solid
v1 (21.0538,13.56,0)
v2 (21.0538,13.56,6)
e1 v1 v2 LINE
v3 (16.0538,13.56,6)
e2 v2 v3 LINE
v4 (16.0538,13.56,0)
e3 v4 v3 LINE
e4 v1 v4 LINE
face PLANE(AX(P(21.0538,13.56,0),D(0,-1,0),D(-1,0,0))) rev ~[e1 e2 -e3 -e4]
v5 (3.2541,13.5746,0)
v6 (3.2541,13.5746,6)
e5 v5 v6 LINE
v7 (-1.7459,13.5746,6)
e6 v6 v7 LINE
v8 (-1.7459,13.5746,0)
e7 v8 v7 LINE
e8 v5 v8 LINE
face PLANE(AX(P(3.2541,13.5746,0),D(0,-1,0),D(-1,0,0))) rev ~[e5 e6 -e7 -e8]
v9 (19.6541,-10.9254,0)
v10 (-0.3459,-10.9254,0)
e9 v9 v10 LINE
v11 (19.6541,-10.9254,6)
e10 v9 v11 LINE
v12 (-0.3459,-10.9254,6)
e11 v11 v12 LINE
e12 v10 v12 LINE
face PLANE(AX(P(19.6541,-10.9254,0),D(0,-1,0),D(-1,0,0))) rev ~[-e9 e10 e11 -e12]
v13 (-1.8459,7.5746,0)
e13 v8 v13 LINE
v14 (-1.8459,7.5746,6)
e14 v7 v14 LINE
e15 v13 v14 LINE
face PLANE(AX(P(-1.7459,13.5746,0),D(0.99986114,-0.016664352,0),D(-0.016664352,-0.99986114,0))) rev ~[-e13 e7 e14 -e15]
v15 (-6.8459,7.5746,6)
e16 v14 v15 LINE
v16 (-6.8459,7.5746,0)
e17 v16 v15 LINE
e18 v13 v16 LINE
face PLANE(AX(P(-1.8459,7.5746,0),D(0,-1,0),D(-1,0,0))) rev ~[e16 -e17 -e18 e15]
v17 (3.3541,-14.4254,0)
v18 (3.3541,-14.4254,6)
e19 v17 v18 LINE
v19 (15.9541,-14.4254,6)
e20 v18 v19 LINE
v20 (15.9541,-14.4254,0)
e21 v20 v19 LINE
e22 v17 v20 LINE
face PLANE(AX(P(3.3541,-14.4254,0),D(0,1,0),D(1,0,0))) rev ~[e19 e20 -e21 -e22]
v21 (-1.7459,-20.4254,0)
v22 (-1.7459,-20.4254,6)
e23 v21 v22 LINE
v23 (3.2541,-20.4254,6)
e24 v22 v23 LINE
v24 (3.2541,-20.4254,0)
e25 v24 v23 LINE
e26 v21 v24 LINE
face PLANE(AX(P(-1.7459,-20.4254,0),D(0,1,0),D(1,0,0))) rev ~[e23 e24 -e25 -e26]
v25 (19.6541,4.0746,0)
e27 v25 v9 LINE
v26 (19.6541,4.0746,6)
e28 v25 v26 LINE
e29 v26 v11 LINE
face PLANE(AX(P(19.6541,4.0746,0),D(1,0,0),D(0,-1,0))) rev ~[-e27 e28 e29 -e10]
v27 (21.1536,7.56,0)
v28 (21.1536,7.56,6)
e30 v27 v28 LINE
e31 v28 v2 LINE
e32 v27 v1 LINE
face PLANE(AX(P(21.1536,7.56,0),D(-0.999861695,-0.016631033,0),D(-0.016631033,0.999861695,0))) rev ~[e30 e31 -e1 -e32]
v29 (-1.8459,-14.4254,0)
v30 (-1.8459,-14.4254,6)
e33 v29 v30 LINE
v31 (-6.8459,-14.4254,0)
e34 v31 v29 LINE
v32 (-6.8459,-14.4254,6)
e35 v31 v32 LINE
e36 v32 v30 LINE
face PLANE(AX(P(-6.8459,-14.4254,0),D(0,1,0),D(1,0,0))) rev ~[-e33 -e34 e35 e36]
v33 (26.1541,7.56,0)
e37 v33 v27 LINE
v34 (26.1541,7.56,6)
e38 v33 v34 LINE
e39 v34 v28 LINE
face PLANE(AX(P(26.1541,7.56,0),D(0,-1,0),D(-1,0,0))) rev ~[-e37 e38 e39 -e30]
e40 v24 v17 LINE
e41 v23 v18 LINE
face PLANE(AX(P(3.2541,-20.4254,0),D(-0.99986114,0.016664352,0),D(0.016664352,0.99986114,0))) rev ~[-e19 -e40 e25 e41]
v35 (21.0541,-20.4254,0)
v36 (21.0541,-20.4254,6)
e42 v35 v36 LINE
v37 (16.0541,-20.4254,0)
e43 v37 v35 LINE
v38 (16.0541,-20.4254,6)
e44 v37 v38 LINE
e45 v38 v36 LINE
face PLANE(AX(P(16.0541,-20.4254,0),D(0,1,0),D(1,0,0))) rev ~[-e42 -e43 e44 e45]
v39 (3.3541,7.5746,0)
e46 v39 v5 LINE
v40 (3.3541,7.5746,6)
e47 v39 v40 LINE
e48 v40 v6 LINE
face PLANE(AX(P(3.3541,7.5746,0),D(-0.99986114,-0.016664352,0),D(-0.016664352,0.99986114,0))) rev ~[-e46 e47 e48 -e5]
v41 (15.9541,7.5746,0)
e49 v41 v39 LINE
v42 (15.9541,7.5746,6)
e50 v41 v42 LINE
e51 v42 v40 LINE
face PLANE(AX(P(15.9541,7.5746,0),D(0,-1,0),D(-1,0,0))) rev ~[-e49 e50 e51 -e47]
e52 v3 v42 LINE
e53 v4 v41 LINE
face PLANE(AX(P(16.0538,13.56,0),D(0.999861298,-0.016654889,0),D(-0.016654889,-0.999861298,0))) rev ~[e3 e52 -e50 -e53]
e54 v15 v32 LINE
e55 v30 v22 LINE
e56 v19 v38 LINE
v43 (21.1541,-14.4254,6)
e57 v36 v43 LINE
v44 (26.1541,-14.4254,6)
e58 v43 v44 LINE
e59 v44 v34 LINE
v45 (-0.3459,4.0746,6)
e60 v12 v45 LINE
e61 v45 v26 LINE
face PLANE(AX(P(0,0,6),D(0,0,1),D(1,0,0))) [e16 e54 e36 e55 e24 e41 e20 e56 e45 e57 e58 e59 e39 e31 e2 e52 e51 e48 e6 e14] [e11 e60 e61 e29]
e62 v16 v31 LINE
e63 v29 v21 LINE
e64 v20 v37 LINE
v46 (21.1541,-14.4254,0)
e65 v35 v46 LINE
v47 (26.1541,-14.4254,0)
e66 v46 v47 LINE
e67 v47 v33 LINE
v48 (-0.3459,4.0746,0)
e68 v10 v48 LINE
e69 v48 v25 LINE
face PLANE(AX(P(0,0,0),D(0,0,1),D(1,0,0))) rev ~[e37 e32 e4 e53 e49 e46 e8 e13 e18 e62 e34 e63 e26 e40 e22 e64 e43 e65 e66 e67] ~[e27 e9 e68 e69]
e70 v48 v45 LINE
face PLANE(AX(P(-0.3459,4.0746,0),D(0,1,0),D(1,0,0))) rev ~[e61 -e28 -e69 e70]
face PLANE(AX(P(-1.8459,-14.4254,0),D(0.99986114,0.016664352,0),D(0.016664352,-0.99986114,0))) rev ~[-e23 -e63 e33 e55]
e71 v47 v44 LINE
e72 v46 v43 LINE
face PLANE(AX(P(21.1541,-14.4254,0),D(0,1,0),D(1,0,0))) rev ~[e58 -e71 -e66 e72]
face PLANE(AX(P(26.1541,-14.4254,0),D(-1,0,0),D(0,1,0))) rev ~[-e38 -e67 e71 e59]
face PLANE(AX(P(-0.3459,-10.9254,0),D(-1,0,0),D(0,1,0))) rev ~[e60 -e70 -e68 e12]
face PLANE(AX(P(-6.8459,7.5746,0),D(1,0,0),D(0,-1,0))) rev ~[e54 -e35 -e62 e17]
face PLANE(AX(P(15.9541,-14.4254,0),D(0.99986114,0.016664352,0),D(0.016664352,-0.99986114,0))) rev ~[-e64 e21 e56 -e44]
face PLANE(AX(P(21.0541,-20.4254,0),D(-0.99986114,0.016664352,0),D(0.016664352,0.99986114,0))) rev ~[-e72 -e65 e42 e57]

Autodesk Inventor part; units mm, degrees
ref_plane "YZ Plane" through (0, 0, 0) normal (1, 0, 0) x (0, 1, 0)
ref_plane "XZ Plane" through (0, 0, 0) normal (0, 1, 0) x (-1, 0, 0)
ref_plane "XY Plane" through (0, 0, 0) normal (0, 0, 1) x (1, 0, 0)
sketch "Sketch1" plane through (0, 0, 0) normal (0, 0, 1) x (1, 0, 0)
  line L0 (19.6541, 4.0746) -> (19.6541, -10.9254)
  line L1 (19.6541, -10.9254) -> (-0.3459, -10.9254)
  line L2 (-0.3459, -10.9254) -> (-0.3459, 4.0746)
  line L3 (-0.3459, 4.0746) -> (19.6541, 4.0746)
  line L4 (-6.8459, 7.5746) -> (-6.8459, -14.4254)
  line L5 (-6.8459, -14.4254) -> (-1.8459, -14.4254)
  line L6 (-1.8459, -14.4254) -> (-1.7459, -20.4254)
  line L7 (-1.7459, -20.4254) -> (3.2541, -20.4254)
  line L8 (3.2541, -20.4254) -> (3.3541, -14.4254)
  line L9 (3.3541, -14.4254) -> (15.9541, -14.4254)
  line L10 (15.9541, -14.4254) -> (16.0541, -20.4254)
  line L11 (16.0541, -20.4254) -> (21.0541, -20.4254)
  line L12 (21.0541, -20.4254) -> (21.1541, -14.4254)
  line L13 (21.1541, -14.4254) -> (26.1541, -14.4254)
  line L14 (26.1541, -14.4254) -> (26.1541, 7.56)
  line L15 (26.1541, 7.56) -> (21.1536, 7.56)
  line L16 (21.1536, 7.56) -> (21.0538, 13.56)
  line L17 (21.0538, 13.56) -> (16.0538, 13.56)
  line L18 (16.0538, 13.56) -> (15.9541, 7.5746)
  line L19 (15.9541, 7.5746) -> (3.3541, 7.5746)
  line L20 (3.3541, 7.5746) -> (3.2541, 13.5746)
  line L21 (3.2541, 13.5746) -> (-1.7459, 13.5746)
  line L22 (-1.7459, 13.5746) -> (-1.8459, 7.5746)
  line L23 (-1.8459, 7.5746) -> (-6.8459, 7.5746)
  point P0 (0, 0)
  point P1 (0, 0)
extrude "Extrusion1" add sketch "Sketch1" along normal blind 6
properties part number "zCarNutHolder"
